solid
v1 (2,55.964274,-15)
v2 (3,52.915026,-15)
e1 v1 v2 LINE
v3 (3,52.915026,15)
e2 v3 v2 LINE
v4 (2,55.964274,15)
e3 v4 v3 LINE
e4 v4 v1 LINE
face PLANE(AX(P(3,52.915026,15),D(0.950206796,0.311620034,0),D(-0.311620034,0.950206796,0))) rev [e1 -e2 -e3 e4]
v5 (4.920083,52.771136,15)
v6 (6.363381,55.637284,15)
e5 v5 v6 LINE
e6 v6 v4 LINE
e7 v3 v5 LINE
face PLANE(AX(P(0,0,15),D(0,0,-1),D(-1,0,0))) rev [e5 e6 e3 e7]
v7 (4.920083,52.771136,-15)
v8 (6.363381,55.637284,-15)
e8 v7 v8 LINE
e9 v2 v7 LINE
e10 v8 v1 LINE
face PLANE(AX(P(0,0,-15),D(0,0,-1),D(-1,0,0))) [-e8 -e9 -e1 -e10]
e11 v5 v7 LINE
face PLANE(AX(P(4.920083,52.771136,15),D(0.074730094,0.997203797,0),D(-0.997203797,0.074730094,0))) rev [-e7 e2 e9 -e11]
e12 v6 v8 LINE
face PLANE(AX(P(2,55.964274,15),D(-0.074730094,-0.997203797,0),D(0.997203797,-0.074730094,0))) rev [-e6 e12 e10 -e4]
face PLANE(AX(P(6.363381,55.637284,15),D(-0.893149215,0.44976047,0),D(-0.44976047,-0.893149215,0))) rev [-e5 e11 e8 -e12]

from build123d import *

# Parameters (mm, degrees)
SKETCH_1_R      = 50
EXTRUDE_1_DEPTH = 15
SKETCH_2_R      = 50
SKETCH_2_R_2    = 15
EXTRUDE_2_DEPTH = 25
EXTRUDE_3_DEPTH = 15


with BuildPart() as part:
    # Эскиз1 → Бобышка-Вытянуть1 (new, symmetric)
    with BuildSketch(Plane.XY):
        with BuildLine():
            ThreePointArc((2, 55.964274319), (0, 56), (-2, 55.964274319))
            Line((-2, 55.964274319), (-3, 52.915026221))
            ThreePointArc((-3, 52.915026221), (-3.478337142, 52.885736931), (-3.956389894, 52.852123694))
            ThreePointArc((-3.956389894, 52.852123694), (-3.96069496, 52.851801251), (-3.965, 52.851478456))
            ThreePointArc((-3.965, 52.851478456), (-4.442723091, 52.813466195), (-4.920082944, 52.771135897))
            Line((-4.920082944, 52.771135897), (-6.363380617, 55.637284146))
            ThreePointArc((-6.363380617, 55.637284146), (-8.346366906, 55.374526269), (-10.318703922, 55.041115081))
            Line((-10.318703922, 55.041115081), (-10.853067901, 51.8768823))
            ThreePointArc((-10.853067901, 51.8768823), (-11.32169707, 51.776627695), (-11.789400575, 51.672139825))
            ThreePointArc((-11.789400575, 51.672139825), (-11.7936095, 51.671179346), (-11.797818346, 51.670218524))
            ThreePointArc((-11.797818346, 51.670218524), (-12.264540231, 51.561429896), (-12.730259365, 51.448425598))
            Line((-12.730259365, 51.448425598), (-14.584613826, 54.067448983))
            ThreePointArc((-14.584613826, 54.067448983), (-16.506289767, 53.512077124), (-18.406905049, 52.888428286))
            Line((-18.406905049, 52.888428286), (-18.4636962, 49.679894551))
            ThreePointArc((-18.4636962, 49.679894551), (-18.912148995, 49.510914154), (-19.359055529, 49.337885737))
            ThreePointArc((-19.359055529, 49.337885737), (-19.363074291, 49.336308678), (-19.367092925, 49.334731292))
            ThreePointArc((-19.367092925, 49.334731292), (-19.812387809, 49.157596456), (-20.256062829, 48.976442487))
            Line((-20.256062829, 48.976442487), (-22.480050863, 51.289836354))
            ThreePointArc((-22.480050863, 51.289836354), (-24.297489391, 50.454256603), (-26.083926334, 49.554301398))
            Line((-26.083926334, 49.554301398), (-25.661876036, 46.373140052))
            ThreePointArc((-25.661876036, 46.373140052), (-26.080134762, 46.139208606), (-26.496261172, 45.901504811))
            ThreePointArc((-26.496261172, 45.901504811), (-26.5, 45.899346401), (-26.503738652, 45.897187686))
            ThreePointArc((-26.503738652, 45.897187686), (-26.917659382, 45.655663541), (-27.32937932, 45.410406582))
            Line((-27.32937932, 45.410406582), (-29.87332071, 47.366493535))
            ThreePointArc((-29.87332071, 47.366493535), (-31.545923252, 46.269371362), (-33.178275807, 45.113213302))
            Line((-33.178275807, 45.113213302), (-32.286811966, 42.030486234))
            ThreePointArc((-32.286811966, 42.030486234), (-32.665533415, 41.73682938), (-33.041584125, 41.439760117))
            ThreePointArc((-33.041584125, 41.439760117), (-33.044959499, 41.437068571), (-33.048334653, 41.43437675))
            ThreePointArc((-33.048334653, 41.43437675), (-33.421634925, 41.133858547), (-33.792202639, 40.829977233))
            Line((-33.792202639, 40.829977233), (-36.599269937, 42.38506152))
            ThreePointArc((-36.599269937, 42.38506152), (-38.089673315, 41.050904822), (-39.531477424, 39.664370569))
            Line((-39.531477424, 39.664370569), (-38.19051387, 36.748940806))
            ThreePointArc((-38.19051387, 36.748940806), (-38.52123803, 36.402118354), (-38.848812688, 36.052319659))
            ThreePointArc((-38.848812688, 36.052319659), (-38.851749207, 36.049155102), (-38.854685469, 36.045990306))
            ThreePointArc((-38.854685469, 36.045990306), (-39.179026371, 35.693191124), (-39.50016399, 35.337473661))
            Line((-39.50016399, 35.337473661), (-42.507651952, 36.456817271))
            ThreePointArc((-42.507651952, 36.456817271), (-43.782563018, 34.915428904), (-45.001611159, 33.329491341))
            Line((-45.001611159, 33.329491341), (-43.241102801, 30.646484767))
            ThreePointArc((-43.241102801, 30.646484767), (-43.516441841, 30.254244156), (-43.788222971, 29.859529954))
            ThreePointArc((-43.788222971, 29.859529954), (-43.790655039, 29.855963077), (-43.793086816, 29.852396003))
            ThreePointArc((-43.793086816, 29.852396003), (-44.061223109, 29.455196793), (-44.32575695, 29.055589322))
            Line((-44.32575695, 29.055589322), (-47.466483264, 29.714187967))
            ThreePointArc((-47.466483264, 29.714187967), (-48.497422612, 28), (-49.466483264, 26.250086352))
            Line((-49.466483264, 26.250086352), (-47.32575695, 23.859436899))
            ThreePointArc((-47.32575695, 23.859436899), (-47.539560251, 23.430540138), (-47.74947671, 22.999727692))
            ThreePointArc((-47.74947671, 22.999727692), (-47.751349999, 22.995838173), (-47.753222971, 22.991948502))
            ThreePointArc((-47.753222971, 22.991948502), (-47.959164932, 22.559222039), (-48.161185745, 22.12465113))
            Line((-48.161185745, 22.12465113), (-51.364991776, 22.307792805))
            ThreePointArc((-51.364991776, 22.307792805), (-52.128929924, 20.459097365), (-52.826355874, 18.58429781))
            Line((-52.826355874, 18.58429781), (-50.353231891, 16.539408638))
            ThreePointArc((-50.353231891, 16.539408638), (-50.500723441, 16.083436571), (-50.644086044, 15.626149519))
            ThreePointArc((-50.644086044, 15.626149519), (-50.645358707, 15.622024244), (-50.646631033, 15.617898865))
            ThreePointArc((-50.646631033, 15.617898865), (-50.785778261, 15.159311542), (-50.920773235, 14.699484792))
            Line((-50.920773235, 14.699484792), (-54.11609125, 14.403078414))
            ThreePointArc((-54.11609125, 14.403078414), (-54.595963082, 12.461172302), (-55.006174986, 10.503366765))
            Line((-55.006174986, 10.503366765), (-52.255898839, 8.849917319))
            ThreePointArc((-52.255898839, 8.849917319), (-52.33378392, 8.377055607), (-52.407390182, 7.903508987))
            ThreePointArc((-52.407390182, 7.903508987), (-52.40803379, 7.899240107), (-52.40867705, 7.894971175))
            ThreePointArc((-52.40867705, 7.894971175), (-52.477921224, 7.420767076), (-52.542874795, 6.945956253))
            Line((-52.542874795, 6.945956253), (-55.65832667, 6.176623052))
            ThreePointArc((-55.65832667, 6.176623052), (-55.843412642, 4.184885241), (-55.957247044, 2.187807863))
            Line((-55.957247044, 2.187807863), (-52.991255357, 0.96273347))
            ThreePointArc((-52.991255357, 0.96273347), (-52.997794144, 0.483545065), (-52.999999824, 0.004317125))
            ThreePointArc((-52.999999824, 0.004317125), (-53, 0), (-52.999999824, -0.004317125))
            ThreePointArc((-52.999999824, -0.004317125), (-52.997794144, -0.483545065), (-52.991255357, -0.96273347))
            Line((-52.991255357, -0.96273347), (-55.957247044, -2.187807863))
            ThreePointArc((-55.957247044, -2.187807863), (-55.843412642, -4.184885241), (-55.65832667, -6.176623052))
            Line((-55.65832667, -6.176623052), (-52.542874795, -6.945956253))
            ThreePointArc((-52.542874795, -6.945956253), (-52.477921224, -7.420767076), (-52.40867705, -7.894971175))
            ThreePointArc((-52.40867705, -7.894971175), (-52.40803379, -7.899240107), (-52.407390182, -7.903508987))
            ThreePointArc((-52.407390182, -7.903508987), (-52.33378392, -8.377055607), (-52.255898839, -8.849917319))
            Line((-52.255898839, -8.849917319), (-55.006174986, -10.503366765))
            ThreePointArc((-55.006174986, -10.503366765), (-54.595963082, -12.461172302), (-54.11609125, -14.403078414))
            Line((-54.11609125, -14.403078414), (-50.920773235, -14.699484792))
            ThreePointArc((-50.920773235, -14.699484792), (-50.785778261, -15.159311542), (-50.646631033, -15.617898865))
            ThreePointArc((-50.646631033, -15.617898865), (-50.645358707, -15.622024244), (-50.644086044, -15.626149519))
            ThreePointArc((-50.644086044, -15.626149519), (-50.500723441, -16.083436571), (-50.353231891, -16.539408638))
            Line((-50.353231891, -16.539408638), (-52.826355874, -18.58429781))
            ThreePointArc((-52.826355874, -18.58429781), (-52.128929924, -20.459097365), (-51.364991776, -22.307792805))
            Line((-51.364991776, -22.307792805), (-48.161185745, -22.12465113))
            ThreePointArc((-48.161185745, -22.12465113), (-47.959164932, -22.559222039), (-47.753222971, -22.991948502))
            ThreePointArc((-47.753222971, -22.991948502), (-47.751349999, -22.995838173), (-47.74947671, -22.999727692))
            ThreePointArc((-47.74947671, -22.999727692), (-47.539560251, -23.430540138), (-47.32575695, -23.859436899))
            Line((-47.32575695, -23.859436899), (-49.466483264, -26.250086352))
            ThreePointArc((-49.466483264, -26.250086352), (-48.497422612, -28), (-47.466483264, -29.714187967))
            Line((-47.466483264, -29.714187967), (-44.32575695, -29.055589322))
            ThreePointArc((-44.32575695, -29.055589322), (-44.061223109, -29.455196793), (-43.793086816, -29.852396003))
            ThreePointArc((-43.793086816, -29.852396003), (-43.790655039, -29.855963077), (-43.788222971, -29.859529954))
            ThreePointArc((-43.788222971, -29.859529954), (-43.516441841, -30.254244156), (-43.241102801, -30.646484767))
            Line((-43.241102801, -30.646484767), (-45.001611159, -33.329491341))
            ThreePointArc((-45.001611159, -33.329491341), (-43.782563018, -34.915428904), (-42.507651952, -36.456817271))
            Line((-42.507651952, -36.456817271), (-39.50016399, -35.337473661))
            ThreePointArc((-39.50016399, -35.337473661), (-39.179026371, -35.693191124), (-38.854685469, -36.045990306))
            ThreePointArc((-38.854685469, -36.045990306), (-38.851749207, -36.049155102), (-38.848812688, -36.052319659))
            ThreePointArc((-38.848812688, -36.052319659), (-38.52123803, -36.402118354), (-38.19051387, -36.748940806))
            Line((-38.19051387, -36.748940806), (-39.531477424, -39.664370569))
            ThreePointArc((-39.531477424, -39.664370569), (-38.089673315, -41.050904822), (-36.599269937, -42.38506152))
            Line((-36.599269937, -42.38506152), (-33.792202639, -40.829977233))
            ThreePointArc((-33.792202639, -40.829977233), (-33.421634925, -41.133858547), (-33.048334653, -41.43437675))
            ThreePointArc((-33.048334653, -41.43437675), (-33.044959499, -41.437068571), (-33.041584125, -41.439760117))
            ThreePointArc((-33.041584125, -41.439760117), (-32.665533415, -41.73682938), (-32.286811966, -42.030486234))
            Line((-32.286811966, -42.030486234), (-33.178275807, -45.113213302))
            ThreePointArc((-33.178275807, -45.113213302), (-31.545923252, -46.269371362), (-29.87332071, -47.366493535))
            Line((-29.87332071, -47.366493535), (-27.32937932, -45.410406582))
            ThreePointArc((-27.32937932, -45.410406582), (-26.917659382, -45.655663541), (-26.503738652, -45.897187686))
            ThreePointArc((-26.503738652, -45.897187686), (-26.5, -45.899346401), (-26.496261172, -45.901504811))
            ThreePointArc((-26.496261172, -45.901504811), (-26.080134762, -46.139208606), (-25.661876036, -46.373140052))
            Line((-25.661876036, -46.373140052), (-26.083926334, -49.554301398))
            ThreePointArc((-26.083926334, -49.554301398), (-24.297489391, -50.454256603), (-22.480050863, -51.289836354))
            Line((-22.480050863, -51.289836354), (-20.256062829, -48.976442487))
            ThreePointArc((-20.256062829, -48.976442487), (-19.812387809, -49.157596456), (-19.367092925, -49.334731292))
            ThreePointArc((-19.367092925, -49.334731292), (-19.363074291, -49.336308678), (-19.359055529, -49.337885737))
            ThreePointArc((-19.359055529, -49.337885737), (-18.912148995, -49.510914154), (-18.4636962, -49.679894551))
            Line((-18.4636962, -49.679894551), (-18.406905049, -52.888428286))
            ThreePointArc((-18.406905049, -52.888428286), (-16.506289767, -53.512077124), (-14.584613826, -54.067448983))
            Line((-14.584613826, -54.067448983), (-12.730259365, -51.448425598))
            ThreePointArc((-12.730259365, -51.448425598), (-12.264540231, -51.561429896), (-11.797818346, -51.670218524))
            ThreePointArc((-11.797818346, -51.670218524), (-11.7936095, -51.671179346), (-11.789400575, -51.672139825))
            ThreePointArc((-11.789400575, -51.672139825), (-11.32169707, -51.776627695), (-10.853067901, -51.8768823))
            Line((-10.853067901, -51.8768823), (-10.318703922, -55.041115081))
            ThreePointArc((-10.318703922, -55.041115081), (-8.346366906, -55.374526269), (-6.363380617, -55.637284146))
            Line((-6.363380617, -55.637284146), (-4.920082944, -52.771135897))
            ThreePointArc((-4.920082944, -52.771135897), (-4.442723091, -52.813466195), (-3.965, -52.851478456))
            ThreePointArc((-3.965, -52.851478456), (-3.96069496, -52.851801251), (-3.956389894, -52.852123694))
            ThreePointArc((-3.956389894, -52.852123694), (-3.478337142, -52.885736931), (-3, -52.915026221))
            Line((-3, -52.915026221), (-2, -55.964274319))
            ThreePointArc((-2, -55.964274319), (0, -56), (2, -55.964274319))
            Line((2, -55.964274319), (3, -52.915026221))
            ThreePointArc((3, -52.915026221), (3.478337142, -52.885736931), (3.956389894, -52.852123694))
            ThreePointArc((3.956389894, -52.852123694), (3.96069496, -52.851801251), (3.965, -52.851478456))
            ThreePointArc((3.965, -52.851478456), (4.442723091, -52.813466195), (4.920082944, -52.771135897))
            Line((4.920082944, -52.771135897), (6.363380617, -55.637284146))
            ThreePointArc((6.363380617, -55.637284146), (8.346366906, -55.374526269), (10.318703922, -55.041115081))
            Line((10.318703922, -55.041115081), (10.853067901, -51.8768823))
            ThreePointArc((10.853067901, -51.8768823), (11.32169707, -51.776627695), (11.789400575, -51.672139825))
            ThreePointArc((11.789400575, -51.672139825), (11.7936095, -51.671179346), (11.797818346, -51.670218524))
            ThreePointArc((11.797818346, -51.670218524), (12.264540231, -51.561429896), (12.730259365, -51.448425598))
            Line((12.730259365, -51.448425598), (14.584613826, -54.067448983))
            ThreePointArc((14.584613826, -54.067448983), (16.506289767, -53.512077124), (18.406905049, -52.888428286))
            Line((18.406905049, -52.888428286), (18.4636962, -49.679894551))
            ThreePointArc((18.4636962, -49.679894551), (18.912148995, -49.510914154), (19.359055529, -49.337885737))
            ThreePointArc((19.359055529, -49.337885737), (19.363074291, -49.336308678), (19.367092925, -49.334731292))
            ThreePointArc((19.367092925, -49.334731292), (19.812387809, -49.157596456), (20.256062829, -48.976442487))
            Line((20.256062829, -48.976442487), (22.480050863, -51.289836354))
            ThreePointArc((22.480050863, -51.289836354), (24.297489391, -50.454256603), (26.083926334, -49.554301398))
            Line((26.083926334, -49.554301398), (25.661876036, -46.373140052))
            ThreePointArc((25.661876036, -46.373140052), (26.080134762, -46.139208606), (26.496261172, -45.901504811))
            ThreePointArc((26.496261172, -45.901504811), (26.5, -45.899346401), (26.503738652, -45.897187686))
            ThreePointArc((26.503738652, -45.897187686), (26.917659382, -45.655663541), (27.32937932, -45.410406582))
            Line((27.32937932, -45.410406582), (29.87332071, -47.366493535))
            ThreePointArc((29.87332071, -47.366493535), (31.545923252, -46.269371362), (33.178275807, -45.113213302))
            Line((33.178275807, -45.113213302), (32.286811966, -42.030486234))
            ThreePointArc((32.286811966, -42.030486234), (32.665533415, -41.73682938), (33.041584125, -41.439760117))
            ThreePointArc((33.041584125, -41.439760117), (33.044959499, -41.437068571), (33.048334653, -41.43437675))
            ThreePointArc((33.048334653, -41.43437675), (33.421634925, -41.133858547), (33.792202639, -40.829977233))
            Line((33.792202639, -40.829977233), (36.599269937, -42.38506152))
            ThreePointArc((36.599269937, -42.38506152), (38.089673315, -41.050904822), (39.531477424, -39.664370569))
            Line((39.531477424, -39.664370569), (38.19051387, -36.748940806))
            ThreePointArc((38.19051387, -36.748940806), (38.52123803, -36.402118354), (38.848812688, -36.052319659))
            ThreePointArc((38.848812688, -36.052319659), (38.851749207, -36.049155102), (38.854685469, -36.045990306))
            ThreePointArc((38.854685469, -36.045990306), (39.179026371, -35.693191124), (39.50016399, -35.337473661))
            Line((39.50016399, -35.337473661), (42.507651952, -36.456817271))
            ThreePointArc((42.507651952, -36.456817271), (43.782563018, -34.915428904), (45.001611159, -33.329491341))
            Line((45.001611159, -33.329491341), (43.241102801, -30.646484767))
            ThreePointArc((43.241102801, -30.646484767), (43.516441841, -30.254244156), (43.788222971, -29.859529954))
            ThreePointArc((43.788222971, -29.859529954), (43.790655039, -29.855963077), (43.793086816, -29.852396003))
            ThreePointArc((43.793086816, -29.852396003), (44.061223109, -29.455196793), (44.32575695, -29.055589322))
            Line((44.32575695, -29.055589322), (47.466483264, -29.714187967))
            ThreePointArc((47.466483264, -29.714187967), (48.497422612, -28), (49.466483264, -26.250086352))
            Line((49.466483264, -26.250086352), (47.32575695, -23.859436899))
            ThreePointArc((47.32575695, -23.859436899), (47.539560251, -23.430540138), (47.74947671, -22.999727692))
            ThreePointArc((47.74947671, -22.999727692), (47.751349999, -22.995838173), (47.753222971, -22.991948502))
            ThreePointArc((47.753222971, -22.991948502), (47.959164932, -22.559222039), (48.161185745, -22.12465113))
            Line((48.161185745, -22.12465113), (51.364991776, -22.307792805))
            ThreePointArc((51.364991776, -22.307792805), (52.128929924, -20.459097365), (52.826355874, -18.58429781))
            Line((52.826355874, -18.58429781), (50.353231891, -16.539408638))
            ThreePointArc((50.353231891, -16.539408638), (50.500723441, -16.083436571), (50.644086044, -15.626149519))
            ThreePointArc((50.644086044, -15.626149519), (50.645358707, -15.622024244), (50.646631033, -15.617898865))
            ThreePointArc((50.646631033, -15.617898865), (50.785778261, -15.159311542), (50.920773235, -14.699484792))
            Line((50.920773235, -14.699484792), (54.11609125, -14.403078414))
            ThreePointArc((54.11609125, -14.403078414), (54.595963082, -12.461172302), (55.006174986, -10.503366765))
            Line((55.006174986, -10.503366765), (52.255898839, -8.849917319))
            ThreePointArc((52.255898839, -8.849917319), (52.33378392, -8.377055607), (52.407390182, -7.903508987))
            ThreePointArc((52.407390182, -7.903508987), (52.40803379, -7.899240107), (52.40867705, -7.894971175))
            ThreePointArc((52.40867705, -7.894971175), (52.477921224, -7.420767076), (52.542874795, -6.945956253))
            Line((52.542874795, -6.945956253), (55.65832667, -6.176623052))
            ThreePointArc((55.65832667, -6.176623052), (55.843412642, -4.184885241), (55.957247044, -2.187807863))
            Line((55.957247044, -2.187807863), (52.991255357, -0.96273347))
            ThreePointArc((52.991255357, -0.96273347), (52.997794144, -0.483545065), (52.999999824, -0.004317125))
            ThreePointArc((52.999999824, -0.004317125), (53, 0), (52.999999824, 0.004317125))
            ThreePointArc((52.999999824, 0.004317125), (52.997794144, 0.483545065), (52.991255357, 0.96273347))
            Line((52.991255357, 0.96273347), (55.957247044, 2.187807863))
            ThreePointArc((55.957247044, 2.187807863), (55.843412642, 4.184885241), (55.65832667, 6.176623052))
            Line((55.65832667, 6.176623052), (52.542874795, 6.945956253))
            ThreePointArc((52.542874795, 6.945956253), (52.477921224, 7.420767076), (52.40867705, 7.894971175))
            ThreePointArc((52.40867705, 7.894971175), (52.40803379, 7.899240107), (52.407390182, 7.903508987))
            ThreePointArc((52.407390182, 7.903508987), (52.33378392, 8.377055607), (52.255898839, 8.849917319))
            Line((52.255898839, 8.849917319), (55.006174986, 10.503366765))
            ThreePointArc((55.006174986, 10.503366765), (54.595963082, 12.461172302), (54.11609125, 14.403078414))
            Line((54.11609125, 14.403078414), (50.920773235, 14.699484792))
            ThreePointArc((50.920773235, 14.699484792), (50.785778261, 15.159311542), (50.646631033, 15.617898865))
            ThreePointArc((50.646631033, 15.617898865), (50.645358707, 15.622024244), (50.644086044, 15.626149519))
            ThreePointArc((50.644086044, 15.626149519), (50.500723441, 16.083436571), (50.353231891, 16.539408638))
            Line((50.353231891, 16.539408638), (52.826355874, 18.58429781))
            ThreePointArc((52.826355874, 18.58429781), (52.128929924, 20.459097365), (51.364991776, 22.307792805))
            Line((51.364991776, 22.307792805), (48.161185745, 22.12465113))
            ThreePointArc((48.161185745, 22.12465113), (47.959164932, 22.559222039), (47.753222971, 22.991948502))
            ThreePointArc((47.753222971, 22.991948502), (47.751349999, 22.995838173), (47.74947671, 22.999727692))
            ThreePointArc((47.74947671, 22.999727692), (47.539560251, 23.430540138), (47.32575695, 23.859436899))
            Line((47.32575695, 23.859436899), (49.466483264, 26.250086352))
            ThreePointArc((49.466483264, 26.250086352), (48.497422612, 28), (47.466483264, 29.714187967))
            Line((47.466483264, 29.714187967), (44.32575695, 29.055589322))
            ThreePointArc((44.32575695, 29.055589322), (44.061223109, 29.455196793), (43.793086816, 29.852396003))
            ThreePointArc((43.793086816, 29.852396003), (43.790655039, 29.855963077), (43.788222971, 29.859529954))
            ThreePointArc((43.788222971, 29.859529954), (43.516441841, 30.254244156), (43.241102801, 30.646484767))
            Line((43.241102801, 30.646484767), (45.001611159, 33.329491341))
            ThreePointArc((45.001611159, 33.329491341), (43.782563018, 34.915428904), (42.507651952, 36.456817271))
            Line((42.507651952, 36.456817271), (39.50016399, 35.337473661))
            ThreePointArc((39.50016399, 35.337473661), (39.179026371, 35.693191124), (38.854685469, 36.045990306))
            ThreePointArc((38.854685469, 36.045990306), (38.851749207, 36.049155102), (38.848812688, 36.052319659))
            ThreePointArc((38.848812688, 36.052319659), (38.52123803, 36.402118354), (38.19051387, 36.748940806))
            Line((38.19051387, 36.748940806), (39.531477424, 39.664370569))
            ThreePointArc((39.531477424, 39.664370569), (38.089673315, 41.050904822), (36.599269937, 42.38506152))
            Line((36.599269937, 42.38506152), (33.792202639, 40.829977233))
            ThreePointArc((33.792202639, 40.829977233), (33.421634925, 41.133858547), (33.048334653, 41.43437675))
            ThreePointArc((33.048334653, 41.43437675), (33.044959499, 41.437068571), (33.041584125, 41.439760117))
            ThreePointArc((33.041584125, 41.439760117), (32.665533415, 41.73682938), (32.286811966, 42.030486234))
            Line((32.286811966, 42.030486234), (33.178275807, 45.113213302))
            ThreePointArc((33.178275807, 45.113213302), (31.545923252, 46.269371362), (29.87332071, 47.366493535))
            Line((29.87332071, 47.366493535), (27.32937932, 45.410406582))
            ThreePointArc((27.32937932, 45.410406582), (26.917659382, 45.655663541), (26.503738652, 45.897187686))
            ThreePointArc((26.503738652, 45.897187686), (26.5, 45.899346401), (26.496261172, 45.901504811))
            ThreePointArc((26.496261172, 45.901504811), (26.080134762, 46.139208606), (25.661876036, 46.373140052))
            Line((25.661876036, 46.373140052), (26.083926334, 49.554301398))
            ThreePointArc((26.083926334, 49.554301398), (24.297489391, 50.454256603), (22.480050863, 51.289836354))
            Line((22.480050863, 51.289836354), (20.256062829, 48.976442487))
            ThreePointArc((20.256062829, 48.976442487), (19.812387809, 49.157596456), (19.367092925, 49.334731292))
            ThreePointArc((19.367092925, 49.334731292), (19.363074291, 49.336308678), (19.359055529, 49.337885737))
            ThreePointArc((19.359055529, 49.337885737), (18.912148995, 49.510914154), (18.4636962, 49.679894551))
            Line((18.4636962, 49.679894551), (18.406905049, 52.888428286))
            ThreePointArc((18.406905049, 52.888428286), (16.506289767, 53.512077124), (14.584613826, 54.067448983))
            Line((14.584613826, 54.067448983), (12.730259365, 51.448425598))
            ThreePointArc((12.730259365, 51.448425598), (12.264540231, 51.561429896), (11.797818346, 51.670218524))
            ThreePointArc((11.797818346, 51.670218524), (11.7936095, 51.671179346), (11.789400575, 51.672139825))
            ThreePointArc((11.789400575, 51.672139825), (11.32169707, 51.776627695), (10.853067901, 51.8768823))
            Line((10.853067901, 51.8768823), (10.318703922, 55.041115081))
            ThreePointArc((10.318703922, 55.041115081), (8.346366906, 55.374526269), (6.363380617, 55.637284146))
            Line((6.363380617, 55.637284146), (4.920082944, 52.771135897))
            ThreePointArc((4.920082944, 52.771135897), (4.442723091, 52.813466195), (3.965, 52.851478456))
            ThreePointArc((3.965, 52.851478456), (3.96069496, 52.851801251), (3.956389894, 52.852123694))
            ThreePointArc((3.956389894, 52.852123694), (3.478337142, 52.885736931), (3, 52.915026221))
            Line((3, 52.915026221), (2, 55.964274319))
        make_face()
        Circle(SKETCH_1_R, mode=Mode.SUBTRACT)
    extrude(amount=EXTRUDE_1_DEPTH, both=True)

    # Эскиз2 → Бобышка-Вытянуть2 (add)
    with BuildSketch(Plane(origin=(0, 0, -15), x_dir=(-1, 0, 0), z_dir=(0, 0, -1))):
        Circle(SKETCH_2_R)
        Circle(SKETCH_2_R_2, mode=Mode.SUBTRACT)
        with BuildLine():
            Line((3.453748068, 43), (-3.453748068, 43))
            ThreePointArc((-3.453748068, 43), (-7.427281454, 41.034968275), (-8.277567174, 36.684412971))
            Line((-8.277567174, 36.684412971), (-4.803871921, 23.947530377))
            ThreePointArc((-4.803871921, 23.947530377), (-3.372791256, 21.821173291), (-0.944816636, 21))
            Line((-0.944816636, 21), (0.944816636, 21))
            ThreePointArc((0.944816636, 21), (3.372791256, 21.821173291), (4.803871921, 23.947530377))
            Line((4.803871921, 23.947530377), (8.277567174, 36.684412971))
            ThreePointArc((8.277567174, 36.684412971), (7.427281454, 41.034968275), (3.453748068, 43))
        make_face(mode=Mode.SUBTRACT)
        with BuildLine():
            Line((41.962697048, 10.003021153), (39.828163353, 16.572440364))
            ThreePointArc((39.828163353, 16.572440364), (36.731417782, 19.744266986), (32.331041074, 19.208541237))
            Line((32.331041074, 19.208541237), (21.290976752, 11.968947554))
            ThreePointArc((21.290976752, 11.968947554), (19.710919235, 9.950828486), (19.680222445, 7.3879309))
            Line((19.680222445, 7.3879309), (20.264151239, 5.590782863))
            ThreePointArc((20.264151239, 5.590782863), (21.795418868, 3.535398282), (24.259932876, 2.831440166))
            Line((24.259932876, 2.831440166), (37.446858931, 3.463672837))
            ThreePointArc((37.446858931, 3.463672837), (41.321730165, 5.616738135), (41.962697048, 10.003021153))
        make_face(mode=Mode.SUBTRACT)
        with BuildLine():
            Line((22.480624967, -36.817792937), (28.06890673, -32.757668579))
            ThreePointArc((28.06890673, -32.757668579), (30.128546098, -28.832340194), (28.259249449, -24.812881613))
            Line((28.259249449, -24.812881613), (17.962419207, -16.550313979))
            ThreePointArc((17.962419207, -16.550313979), (15.554809292, -15.67122307), (13.107863013, -16.434007597))
            Line((13.107863013, -16.434007597), (11.579117583, -17.544706167))
            ThreePointArc((11.579117583, -17.544706167), (10.097518404, -19.636176989), (10.189591161, -22.197604117))
            Line((10.189591161, -22.197604117), (14.865864418, -34.543745432))
            ThreePointArc((14.865864418, -34.543745432), (18.110952262, -37.563633201), (22.480624967, -36.817792937))
        make_face(mode=Mode.SUBTRACT)
        with BuildLine():
            Line((-28.06890673, -32.757668579), (-22.480624967, -36.817792937))
            ThreePointArc((-22.480624967, -36.817792937), (-18.110952262, -37.563633201), (-14.865864418, -34.543745432))
            Line((-14.865864418, -34.543745432), (-10.189591161, -22.197604117))
            ThreePointArc((-10.189591161, -22.197604117), (-10.097518404, -19.636176989), (-11.579117583, -17.544706167))
            Line((-11.579117583, -17.544706167), (-13.107863013, -16.434007597))
            ThreePointArc((-13.107863013, -16.434007597), (-15.554809292, -15.67122307), (-17.962419207, -16.550313979))
            Line((-17.962419207, -16.550313979), (-28.259249449, -24.812881613))
            ThreePointArc((-28.259249449, -24.812881613), (-30.128546098, -28.832340194), (-28.06890673, -32.757668579))
        make_face(mode=Mode.SUBTRACT)
        with BuildLine():
            Line((-39.828163353, 16.572440364), (-41.962697048, 10.003021153))
            ThreePointArc((-41.962697048, 10.003021153), (-41.321730165, 5.616738135), (-37.446858931, 3.463672837))
            Line((-37.446858931, 3.463672837), (-24.259932876, 2.831440166))
            ThreePointArc((-24.259932876, 2.831440166), (-21.795418868, 3.535398282), (-20.264151239, 5.590782863))
            Line((-20.264151239, 5.590782863), (-19.680222445, 7.3879309))
            ThreePointArc((-19.680222445, 7.3879309), (-19.710919235, 9.950828486), (-21.290976752, 11.968947554))
            Line((-21.290976752, 11.968947554), (-32.331041074, 19.208541237))
            ThreePointArc((-32.331041074, 19.208541237), (-36.731417782, 19.744266986), (-39.828163353, 16.572440364))
        make_face(mode=Mode.SUBTRACT)
    extrude(amount=-EXTRUDE_2_DEPTH)


with BuildPart() as body_2:
    # Эскиз3 → Бобышка-Вытянуть3 (new, symmetric)
    with BuildSketch(Plane.XY):
        Polygon((2, 55.964274319), (6.363380617, 55.637284146), (4.920082944, 52.771135897), (3, 52.915026221), align=None)
    extrude(amount=EXTRUDE_3_DEPTH, both=True)


solid = body_2.part
